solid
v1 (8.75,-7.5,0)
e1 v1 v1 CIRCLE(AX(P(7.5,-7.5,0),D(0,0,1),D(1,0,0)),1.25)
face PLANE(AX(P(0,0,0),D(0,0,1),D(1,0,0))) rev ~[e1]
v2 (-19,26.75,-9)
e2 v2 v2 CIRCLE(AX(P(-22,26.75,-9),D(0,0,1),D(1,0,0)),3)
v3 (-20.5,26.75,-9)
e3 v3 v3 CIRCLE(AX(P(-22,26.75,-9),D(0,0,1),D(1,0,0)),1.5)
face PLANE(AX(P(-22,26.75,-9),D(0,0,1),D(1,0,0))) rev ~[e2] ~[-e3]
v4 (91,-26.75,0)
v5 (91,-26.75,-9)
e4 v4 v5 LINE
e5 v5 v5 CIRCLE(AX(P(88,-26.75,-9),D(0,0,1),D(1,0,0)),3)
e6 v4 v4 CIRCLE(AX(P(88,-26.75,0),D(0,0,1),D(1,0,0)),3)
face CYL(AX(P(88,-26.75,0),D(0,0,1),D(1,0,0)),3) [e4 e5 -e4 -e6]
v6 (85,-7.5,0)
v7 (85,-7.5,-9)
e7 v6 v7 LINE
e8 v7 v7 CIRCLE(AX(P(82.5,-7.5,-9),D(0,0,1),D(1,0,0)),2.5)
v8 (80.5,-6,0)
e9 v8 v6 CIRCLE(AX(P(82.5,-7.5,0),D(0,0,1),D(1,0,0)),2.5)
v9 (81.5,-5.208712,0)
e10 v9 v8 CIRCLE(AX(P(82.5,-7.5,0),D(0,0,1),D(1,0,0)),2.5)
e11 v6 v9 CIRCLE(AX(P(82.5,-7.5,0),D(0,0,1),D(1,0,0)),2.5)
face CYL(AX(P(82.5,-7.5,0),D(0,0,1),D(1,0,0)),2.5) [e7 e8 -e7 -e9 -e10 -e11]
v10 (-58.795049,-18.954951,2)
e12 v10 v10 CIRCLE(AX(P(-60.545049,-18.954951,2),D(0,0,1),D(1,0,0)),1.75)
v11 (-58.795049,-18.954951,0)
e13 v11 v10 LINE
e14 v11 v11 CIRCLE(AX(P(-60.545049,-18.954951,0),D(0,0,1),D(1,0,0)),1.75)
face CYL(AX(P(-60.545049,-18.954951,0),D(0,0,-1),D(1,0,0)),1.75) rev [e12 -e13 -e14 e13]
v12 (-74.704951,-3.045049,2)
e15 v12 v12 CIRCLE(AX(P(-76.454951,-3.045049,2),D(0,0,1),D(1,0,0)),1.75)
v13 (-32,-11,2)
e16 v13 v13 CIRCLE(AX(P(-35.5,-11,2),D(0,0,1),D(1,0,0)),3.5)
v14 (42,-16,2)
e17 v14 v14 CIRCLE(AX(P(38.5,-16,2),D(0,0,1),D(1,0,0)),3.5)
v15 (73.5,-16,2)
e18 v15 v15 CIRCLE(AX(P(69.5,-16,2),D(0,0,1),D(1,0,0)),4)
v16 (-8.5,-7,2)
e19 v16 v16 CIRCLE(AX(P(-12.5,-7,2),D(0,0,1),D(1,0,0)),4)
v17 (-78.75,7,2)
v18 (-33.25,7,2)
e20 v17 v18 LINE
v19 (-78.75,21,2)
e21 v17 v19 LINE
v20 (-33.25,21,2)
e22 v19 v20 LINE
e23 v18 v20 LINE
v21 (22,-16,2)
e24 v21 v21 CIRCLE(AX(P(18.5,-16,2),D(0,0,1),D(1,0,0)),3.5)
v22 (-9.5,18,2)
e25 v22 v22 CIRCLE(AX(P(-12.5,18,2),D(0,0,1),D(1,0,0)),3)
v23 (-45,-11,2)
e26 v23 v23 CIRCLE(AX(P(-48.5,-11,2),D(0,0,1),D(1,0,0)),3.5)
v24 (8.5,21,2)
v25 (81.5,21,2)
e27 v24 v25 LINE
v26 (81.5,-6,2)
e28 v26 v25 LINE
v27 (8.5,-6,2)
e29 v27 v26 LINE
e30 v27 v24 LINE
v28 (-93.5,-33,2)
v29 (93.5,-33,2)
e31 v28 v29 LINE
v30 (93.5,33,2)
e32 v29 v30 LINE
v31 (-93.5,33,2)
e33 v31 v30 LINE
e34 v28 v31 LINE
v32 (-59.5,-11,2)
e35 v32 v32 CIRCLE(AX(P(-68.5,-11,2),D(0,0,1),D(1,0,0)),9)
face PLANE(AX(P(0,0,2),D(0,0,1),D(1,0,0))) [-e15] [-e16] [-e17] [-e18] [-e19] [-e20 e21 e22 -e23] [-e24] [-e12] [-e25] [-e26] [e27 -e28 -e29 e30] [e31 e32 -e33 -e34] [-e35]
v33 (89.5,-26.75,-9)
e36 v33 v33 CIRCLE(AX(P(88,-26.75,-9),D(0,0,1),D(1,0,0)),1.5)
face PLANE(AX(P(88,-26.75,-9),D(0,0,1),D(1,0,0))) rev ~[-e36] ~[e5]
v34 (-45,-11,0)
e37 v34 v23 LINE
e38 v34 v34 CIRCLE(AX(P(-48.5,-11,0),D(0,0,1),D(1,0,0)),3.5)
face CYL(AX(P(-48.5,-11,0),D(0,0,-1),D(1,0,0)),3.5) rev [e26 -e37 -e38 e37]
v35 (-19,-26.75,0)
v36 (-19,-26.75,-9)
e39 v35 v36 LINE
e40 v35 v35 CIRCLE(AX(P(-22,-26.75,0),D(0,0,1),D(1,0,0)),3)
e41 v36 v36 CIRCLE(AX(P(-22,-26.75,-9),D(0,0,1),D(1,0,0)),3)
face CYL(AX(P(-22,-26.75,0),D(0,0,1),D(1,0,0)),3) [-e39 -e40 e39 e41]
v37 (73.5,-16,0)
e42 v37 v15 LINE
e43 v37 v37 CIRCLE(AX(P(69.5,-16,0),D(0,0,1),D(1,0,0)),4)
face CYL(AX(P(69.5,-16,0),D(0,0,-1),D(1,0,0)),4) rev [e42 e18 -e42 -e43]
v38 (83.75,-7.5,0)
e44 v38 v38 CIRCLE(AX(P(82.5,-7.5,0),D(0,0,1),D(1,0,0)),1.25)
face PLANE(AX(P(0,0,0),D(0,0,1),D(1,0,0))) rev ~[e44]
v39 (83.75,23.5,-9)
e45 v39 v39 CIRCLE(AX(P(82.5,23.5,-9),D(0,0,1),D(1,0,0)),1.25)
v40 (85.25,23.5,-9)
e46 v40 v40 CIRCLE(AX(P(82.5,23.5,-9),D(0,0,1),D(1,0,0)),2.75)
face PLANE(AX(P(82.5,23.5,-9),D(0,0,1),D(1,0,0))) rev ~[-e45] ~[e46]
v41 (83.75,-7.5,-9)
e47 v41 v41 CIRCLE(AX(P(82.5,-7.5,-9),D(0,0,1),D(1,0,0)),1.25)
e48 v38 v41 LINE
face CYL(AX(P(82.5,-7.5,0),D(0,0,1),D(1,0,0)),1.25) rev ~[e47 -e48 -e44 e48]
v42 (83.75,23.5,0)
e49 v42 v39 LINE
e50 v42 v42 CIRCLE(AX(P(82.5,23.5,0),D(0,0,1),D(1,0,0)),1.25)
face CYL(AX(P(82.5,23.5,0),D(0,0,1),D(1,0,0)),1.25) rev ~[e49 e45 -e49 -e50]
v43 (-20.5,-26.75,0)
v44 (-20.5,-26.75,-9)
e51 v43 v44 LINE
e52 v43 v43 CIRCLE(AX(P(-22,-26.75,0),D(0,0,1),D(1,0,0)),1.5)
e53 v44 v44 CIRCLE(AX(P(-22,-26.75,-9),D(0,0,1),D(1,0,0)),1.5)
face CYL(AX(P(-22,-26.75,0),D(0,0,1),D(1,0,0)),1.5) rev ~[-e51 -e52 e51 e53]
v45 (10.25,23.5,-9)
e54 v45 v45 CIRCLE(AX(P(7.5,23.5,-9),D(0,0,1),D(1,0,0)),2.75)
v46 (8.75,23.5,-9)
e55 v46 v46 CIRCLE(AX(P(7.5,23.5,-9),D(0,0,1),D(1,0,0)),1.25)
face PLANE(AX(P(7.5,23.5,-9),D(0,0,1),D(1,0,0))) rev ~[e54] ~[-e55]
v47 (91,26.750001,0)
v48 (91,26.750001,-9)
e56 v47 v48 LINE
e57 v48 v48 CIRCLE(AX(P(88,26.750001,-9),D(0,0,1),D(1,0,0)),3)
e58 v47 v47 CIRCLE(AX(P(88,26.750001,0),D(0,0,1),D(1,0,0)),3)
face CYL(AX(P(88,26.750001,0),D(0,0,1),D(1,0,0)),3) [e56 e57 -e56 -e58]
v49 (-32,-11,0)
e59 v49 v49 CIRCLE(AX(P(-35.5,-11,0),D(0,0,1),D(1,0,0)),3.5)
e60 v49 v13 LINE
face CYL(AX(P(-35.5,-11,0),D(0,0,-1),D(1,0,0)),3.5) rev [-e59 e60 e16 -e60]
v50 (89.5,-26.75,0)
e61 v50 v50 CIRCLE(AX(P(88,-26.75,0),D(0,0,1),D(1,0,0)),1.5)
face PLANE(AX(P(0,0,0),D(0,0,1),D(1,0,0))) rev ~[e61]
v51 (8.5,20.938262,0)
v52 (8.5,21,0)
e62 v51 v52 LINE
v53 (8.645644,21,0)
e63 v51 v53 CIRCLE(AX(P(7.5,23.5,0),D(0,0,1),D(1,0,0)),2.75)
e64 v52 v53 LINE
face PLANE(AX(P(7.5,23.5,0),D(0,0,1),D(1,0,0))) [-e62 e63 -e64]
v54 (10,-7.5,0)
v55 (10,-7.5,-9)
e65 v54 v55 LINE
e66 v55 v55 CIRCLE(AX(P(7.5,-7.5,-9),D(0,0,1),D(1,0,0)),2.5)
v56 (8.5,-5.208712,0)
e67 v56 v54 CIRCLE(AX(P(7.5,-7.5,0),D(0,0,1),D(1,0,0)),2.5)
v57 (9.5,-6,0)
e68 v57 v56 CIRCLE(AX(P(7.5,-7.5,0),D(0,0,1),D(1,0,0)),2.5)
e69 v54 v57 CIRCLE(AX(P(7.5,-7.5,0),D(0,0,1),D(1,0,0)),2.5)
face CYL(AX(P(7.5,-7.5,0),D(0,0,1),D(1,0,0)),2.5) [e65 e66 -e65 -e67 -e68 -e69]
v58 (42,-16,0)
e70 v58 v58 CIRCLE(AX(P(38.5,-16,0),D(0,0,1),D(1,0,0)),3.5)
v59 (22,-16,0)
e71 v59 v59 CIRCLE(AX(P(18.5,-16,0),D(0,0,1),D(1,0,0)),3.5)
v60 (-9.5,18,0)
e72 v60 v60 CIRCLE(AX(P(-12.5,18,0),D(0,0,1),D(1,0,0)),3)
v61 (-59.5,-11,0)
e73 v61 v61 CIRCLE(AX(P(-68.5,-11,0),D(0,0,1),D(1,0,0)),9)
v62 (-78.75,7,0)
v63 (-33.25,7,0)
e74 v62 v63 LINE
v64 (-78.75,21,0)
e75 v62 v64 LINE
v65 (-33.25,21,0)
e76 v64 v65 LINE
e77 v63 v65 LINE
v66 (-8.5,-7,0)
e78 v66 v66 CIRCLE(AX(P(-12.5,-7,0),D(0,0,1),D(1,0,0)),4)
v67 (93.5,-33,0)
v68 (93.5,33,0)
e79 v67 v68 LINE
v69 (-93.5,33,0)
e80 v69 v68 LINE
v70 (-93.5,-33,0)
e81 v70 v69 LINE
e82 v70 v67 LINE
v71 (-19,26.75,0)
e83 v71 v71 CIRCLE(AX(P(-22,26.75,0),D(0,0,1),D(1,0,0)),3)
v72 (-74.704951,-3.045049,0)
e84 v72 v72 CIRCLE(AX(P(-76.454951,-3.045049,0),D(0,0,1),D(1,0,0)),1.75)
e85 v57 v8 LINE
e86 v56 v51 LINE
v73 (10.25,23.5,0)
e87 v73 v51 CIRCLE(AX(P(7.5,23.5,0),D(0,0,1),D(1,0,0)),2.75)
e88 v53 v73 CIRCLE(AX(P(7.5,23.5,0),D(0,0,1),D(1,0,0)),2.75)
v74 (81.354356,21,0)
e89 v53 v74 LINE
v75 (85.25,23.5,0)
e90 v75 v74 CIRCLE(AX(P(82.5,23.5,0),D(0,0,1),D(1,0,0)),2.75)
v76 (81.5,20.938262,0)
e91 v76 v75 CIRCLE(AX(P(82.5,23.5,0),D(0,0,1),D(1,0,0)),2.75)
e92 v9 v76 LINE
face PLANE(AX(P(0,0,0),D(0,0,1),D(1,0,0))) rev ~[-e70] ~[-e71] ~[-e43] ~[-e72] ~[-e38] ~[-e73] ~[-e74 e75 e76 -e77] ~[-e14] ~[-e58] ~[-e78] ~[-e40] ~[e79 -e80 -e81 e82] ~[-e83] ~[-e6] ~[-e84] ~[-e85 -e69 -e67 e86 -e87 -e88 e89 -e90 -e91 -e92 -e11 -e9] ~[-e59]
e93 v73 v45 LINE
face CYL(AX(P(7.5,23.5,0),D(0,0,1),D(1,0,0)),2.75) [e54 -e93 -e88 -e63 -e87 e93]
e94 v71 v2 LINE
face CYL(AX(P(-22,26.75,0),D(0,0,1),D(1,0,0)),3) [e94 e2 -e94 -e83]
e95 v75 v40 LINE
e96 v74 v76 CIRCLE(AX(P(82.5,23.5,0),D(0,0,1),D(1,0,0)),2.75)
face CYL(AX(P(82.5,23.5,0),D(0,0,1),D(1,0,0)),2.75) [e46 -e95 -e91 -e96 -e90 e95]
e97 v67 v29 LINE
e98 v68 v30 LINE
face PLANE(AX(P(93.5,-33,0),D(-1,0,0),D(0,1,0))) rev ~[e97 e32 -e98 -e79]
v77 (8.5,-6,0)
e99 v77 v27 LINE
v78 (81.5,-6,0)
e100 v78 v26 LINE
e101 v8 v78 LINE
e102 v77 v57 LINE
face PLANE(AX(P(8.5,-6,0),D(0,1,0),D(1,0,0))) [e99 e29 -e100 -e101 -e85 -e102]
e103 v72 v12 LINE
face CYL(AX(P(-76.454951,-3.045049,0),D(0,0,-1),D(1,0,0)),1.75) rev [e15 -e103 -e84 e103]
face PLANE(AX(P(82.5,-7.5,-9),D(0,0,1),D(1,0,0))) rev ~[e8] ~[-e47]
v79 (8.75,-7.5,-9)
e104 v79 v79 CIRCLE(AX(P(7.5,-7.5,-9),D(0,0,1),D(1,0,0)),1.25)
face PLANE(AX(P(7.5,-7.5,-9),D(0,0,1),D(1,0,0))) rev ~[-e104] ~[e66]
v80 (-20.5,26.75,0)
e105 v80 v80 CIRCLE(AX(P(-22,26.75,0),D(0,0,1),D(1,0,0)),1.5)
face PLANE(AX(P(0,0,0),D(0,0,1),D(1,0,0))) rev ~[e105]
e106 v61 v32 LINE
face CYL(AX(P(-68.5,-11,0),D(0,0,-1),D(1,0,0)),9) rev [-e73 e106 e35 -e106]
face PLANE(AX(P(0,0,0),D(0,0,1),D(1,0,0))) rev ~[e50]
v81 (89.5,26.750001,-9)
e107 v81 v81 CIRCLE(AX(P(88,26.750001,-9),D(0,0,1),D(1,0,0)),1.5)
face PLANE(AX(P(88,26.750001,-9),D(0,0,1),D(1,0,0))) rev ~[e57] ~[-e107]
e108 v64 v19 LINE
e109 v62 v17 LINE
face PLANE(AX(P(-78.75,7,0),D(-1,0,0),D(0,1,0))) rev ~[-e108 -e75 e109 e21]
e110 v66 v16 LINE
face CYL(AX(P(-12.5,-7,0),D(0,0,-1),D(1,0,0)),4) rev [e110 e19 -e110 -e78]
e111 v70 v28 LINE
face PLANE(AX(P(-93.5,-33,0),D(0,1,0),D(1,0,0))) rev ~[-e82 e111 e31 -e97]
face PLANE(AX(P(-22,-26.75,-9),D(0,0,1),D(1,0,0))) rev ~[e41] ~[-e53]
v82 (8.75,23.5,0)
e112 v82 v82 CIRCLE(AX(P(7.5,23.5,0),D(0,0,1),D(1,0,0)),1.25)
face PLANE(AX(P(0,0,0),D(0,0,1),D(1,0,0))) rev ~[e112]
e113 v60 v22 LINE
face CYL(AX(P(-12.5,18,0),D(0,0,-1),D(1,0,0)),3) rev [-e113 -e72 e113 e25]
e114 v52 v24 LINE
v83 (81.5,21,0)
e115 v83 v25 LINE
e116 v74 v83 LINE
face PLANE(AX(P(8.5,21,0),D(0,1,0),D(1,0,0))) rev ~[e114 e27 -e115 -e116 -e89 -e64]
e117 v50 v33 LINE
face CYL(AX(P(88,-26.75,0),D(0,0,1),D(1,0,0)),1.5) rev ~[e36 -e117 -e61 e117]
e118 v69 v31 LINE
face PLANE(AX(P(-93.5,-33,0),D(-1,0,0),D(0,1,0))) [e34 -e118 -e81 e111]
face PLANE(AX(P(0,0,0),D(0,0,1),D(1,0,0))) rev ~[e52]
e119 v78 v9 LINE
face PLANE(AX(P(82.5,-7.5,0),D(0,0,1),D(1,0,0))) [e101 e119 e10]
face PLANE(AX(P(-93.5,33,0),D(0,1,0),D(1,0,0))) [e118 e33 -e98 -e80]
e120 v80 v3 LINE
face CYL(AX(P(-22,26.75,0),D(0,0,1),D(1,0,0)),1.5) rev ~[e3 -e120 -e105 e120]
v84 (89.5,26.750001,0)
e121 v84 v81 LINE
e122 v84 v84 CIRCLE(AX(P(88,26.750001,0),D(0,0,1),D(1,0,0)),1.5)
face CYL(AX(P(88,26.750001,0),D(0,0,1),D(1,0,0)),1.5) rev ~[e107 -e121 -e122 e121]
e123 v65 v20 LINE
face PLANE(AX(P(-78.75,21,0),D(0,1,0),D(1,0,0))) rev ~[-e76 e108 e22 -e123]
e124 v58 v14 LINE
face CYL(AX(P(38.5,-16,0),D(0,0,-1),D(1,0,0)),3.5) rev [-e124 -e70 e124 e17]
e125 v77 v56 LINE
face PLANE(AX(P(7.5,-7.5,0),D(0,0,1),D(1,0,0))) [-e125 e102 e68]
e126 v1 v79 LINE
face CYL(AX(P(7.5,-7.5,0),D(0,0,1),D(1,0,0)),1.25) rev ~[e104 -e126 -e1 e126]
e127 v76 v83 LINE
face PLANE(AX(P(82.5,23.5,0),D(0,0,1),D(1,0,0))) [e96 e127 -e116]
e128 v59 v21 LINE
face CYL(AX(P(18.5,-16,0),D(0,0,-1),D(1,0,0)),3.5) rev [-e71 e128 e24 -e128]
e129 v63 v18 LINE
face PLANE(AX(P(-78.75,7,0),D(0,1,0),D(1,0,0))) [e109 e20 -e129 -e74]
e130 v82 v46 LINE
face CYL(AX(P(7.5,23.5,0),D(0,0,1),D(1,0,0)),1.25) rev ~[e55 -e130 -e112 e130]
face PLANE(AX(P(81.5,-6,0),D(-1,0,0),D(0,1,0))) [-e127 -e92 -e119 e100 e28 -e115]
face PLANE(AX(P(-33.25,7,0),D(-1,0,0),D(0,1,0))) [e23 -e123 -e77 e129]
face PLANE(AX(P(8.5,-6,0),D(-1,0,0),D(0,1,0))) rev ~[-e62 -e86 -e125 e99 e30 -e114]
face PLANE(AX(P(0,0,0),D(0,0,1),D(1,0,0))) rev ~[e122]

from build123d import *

# Parameters (mm, degrees)
SKETCH_W      = 187
SKETCH_H      = 66
SKETCH_R      = 4
SKETCH_R_2    = 3
SKETCH_R_3    = 3.5
SKETCH_R_4    = 9
SKETCH_R_5    = 1.75
SKETCH_W_2    = 73
SKETCH_H_2    = 27
SKETCH_W_3    = 45.5
SKETCH_H_3    = 14
PAD_DEPTH     = 2
SKETCH001_R   = 2.75
SKETCH001_R_2 = 1.25
SKETCH001_R_3 = 2.5
SKETCH001_R_4 = 3
SKETCH001_R_5 = 1.5
PAD001_DEPTH  = 9


with BuildPart() as part:
    # Sketch → Pad (new body)
    with BuildSketch(Plane.XY):
        Rectangle(SKETCH_W, SKETCH_H)
        with Locations((69.5, -16)):
            Circle(SKETCH_R, mode=Mode.SUBTRACT)
        with Locations((-12.5, -7)):
            Circle(SKETCH_R, mode=Mode.SUBTRACT)
        with Locations((-12.5, 18)):
            Circle(SKETCH_R_2, mode=Mode.SUBTRACT)
        with Locations((-48.5, -11)):
            Circle(SKETCH_R_3, mode=Mode.SUBTRACT)
        with Locations((-35.5, -11)):
            Circle(SKETCH_R_3, mode=Mode.SUBTRACT)
        with Locations((-68.5, -11)):
            Circle(SKETCH_R_4, mode=Mode.SUBTRACT)
        with Locations((-76.454951, -3.045049)):
            Circle(SKETCH_R_5, mode=Mode.SUBTRACT)
        with Locations((-60.545049, -18.954951)):
            Circle(SKETCH_R_5, mode=Mode.SUBTRACT)
        with Locations((18.5, -16)):
            Circle(SKETCH_R_3, mode=Mode.SUBTRACT)
        with Locations((38.5, -16)):
            Circle(SKETCH_R_3, mode=Mode.SUBTRACT)
        with Locations((45, 7.5)):
            Rectangle(SKETCH_W_2, SKETCH_H_2, mode=Mode.SUBTRACT)
        with Locations((-56, 14)):
            Rectangle(SKETCH_W_3, SKETCH_H_3, mode=Mode.SUBTRACT)
    extrude(amount=PAD_DEPTH)

    # Sketch001 → Pad001 (join)
    with BuildSketch(Plane.XY):
        with Locations((82.5, 23.5)):
            Circle(SKETCH001_R)
        with Locations((82.5, 23.5)):
            Circle(SKETCH001_R_2, mode=Mode.SUBTRACT)
        with Locations((7.5, 23.5)):
            Circle(SKETCH001_R)
        with Locations((7.5, 23.5)):
            Circle(SKETCH001_R_2, mode=Mode.SUBTRACT)
        with Locations((82.5, -7.5)):
            Circle(SKETCH001_R_3)
        with Locations((82.5, -7.5)):
            Circle(SKETCH001_R_2, mode=Mode.SUBTRACT)
        with Locations((7.5, -7.5)):
            Circle(SKETCH001_R_3)
        with Locations((7.5, -7.5)):
            Circle(SKETCH001_R_2, mode=Mode.SUBTRACT)
        with Locations((-22, 26.75)):
            Circle(SKETCH001_R_4)
        with Locations((-22, 26.75)):
            Circle(SKETCH001_R_5, mode=Mode.SUBTRACT)
        with Locations((-22, -26.75)):
            Circle(SKETCH001_R_4)
        with Locations((-22, -26.75)):
            Circle(SKETCH001_R_5, mode=Mode.SUBTRACT)
        with Locations((88, -26.75)):
            Circle(SKETCH001_R_4)
        with Locations((88, -26.75)):
            Circle(SKETCH001_R_5, mode=Mode.SUBTRACT)
        with Locations((88, 26.750001)):
            Circle(SKETCH001_R_4)
        with Locations((88, 26.750001)):
            Circle(SKETCH001_R_5, mode=Mode.SUBTRACT)
    extrude(amount=-PAD001_DEPTH)


solid = part.part
